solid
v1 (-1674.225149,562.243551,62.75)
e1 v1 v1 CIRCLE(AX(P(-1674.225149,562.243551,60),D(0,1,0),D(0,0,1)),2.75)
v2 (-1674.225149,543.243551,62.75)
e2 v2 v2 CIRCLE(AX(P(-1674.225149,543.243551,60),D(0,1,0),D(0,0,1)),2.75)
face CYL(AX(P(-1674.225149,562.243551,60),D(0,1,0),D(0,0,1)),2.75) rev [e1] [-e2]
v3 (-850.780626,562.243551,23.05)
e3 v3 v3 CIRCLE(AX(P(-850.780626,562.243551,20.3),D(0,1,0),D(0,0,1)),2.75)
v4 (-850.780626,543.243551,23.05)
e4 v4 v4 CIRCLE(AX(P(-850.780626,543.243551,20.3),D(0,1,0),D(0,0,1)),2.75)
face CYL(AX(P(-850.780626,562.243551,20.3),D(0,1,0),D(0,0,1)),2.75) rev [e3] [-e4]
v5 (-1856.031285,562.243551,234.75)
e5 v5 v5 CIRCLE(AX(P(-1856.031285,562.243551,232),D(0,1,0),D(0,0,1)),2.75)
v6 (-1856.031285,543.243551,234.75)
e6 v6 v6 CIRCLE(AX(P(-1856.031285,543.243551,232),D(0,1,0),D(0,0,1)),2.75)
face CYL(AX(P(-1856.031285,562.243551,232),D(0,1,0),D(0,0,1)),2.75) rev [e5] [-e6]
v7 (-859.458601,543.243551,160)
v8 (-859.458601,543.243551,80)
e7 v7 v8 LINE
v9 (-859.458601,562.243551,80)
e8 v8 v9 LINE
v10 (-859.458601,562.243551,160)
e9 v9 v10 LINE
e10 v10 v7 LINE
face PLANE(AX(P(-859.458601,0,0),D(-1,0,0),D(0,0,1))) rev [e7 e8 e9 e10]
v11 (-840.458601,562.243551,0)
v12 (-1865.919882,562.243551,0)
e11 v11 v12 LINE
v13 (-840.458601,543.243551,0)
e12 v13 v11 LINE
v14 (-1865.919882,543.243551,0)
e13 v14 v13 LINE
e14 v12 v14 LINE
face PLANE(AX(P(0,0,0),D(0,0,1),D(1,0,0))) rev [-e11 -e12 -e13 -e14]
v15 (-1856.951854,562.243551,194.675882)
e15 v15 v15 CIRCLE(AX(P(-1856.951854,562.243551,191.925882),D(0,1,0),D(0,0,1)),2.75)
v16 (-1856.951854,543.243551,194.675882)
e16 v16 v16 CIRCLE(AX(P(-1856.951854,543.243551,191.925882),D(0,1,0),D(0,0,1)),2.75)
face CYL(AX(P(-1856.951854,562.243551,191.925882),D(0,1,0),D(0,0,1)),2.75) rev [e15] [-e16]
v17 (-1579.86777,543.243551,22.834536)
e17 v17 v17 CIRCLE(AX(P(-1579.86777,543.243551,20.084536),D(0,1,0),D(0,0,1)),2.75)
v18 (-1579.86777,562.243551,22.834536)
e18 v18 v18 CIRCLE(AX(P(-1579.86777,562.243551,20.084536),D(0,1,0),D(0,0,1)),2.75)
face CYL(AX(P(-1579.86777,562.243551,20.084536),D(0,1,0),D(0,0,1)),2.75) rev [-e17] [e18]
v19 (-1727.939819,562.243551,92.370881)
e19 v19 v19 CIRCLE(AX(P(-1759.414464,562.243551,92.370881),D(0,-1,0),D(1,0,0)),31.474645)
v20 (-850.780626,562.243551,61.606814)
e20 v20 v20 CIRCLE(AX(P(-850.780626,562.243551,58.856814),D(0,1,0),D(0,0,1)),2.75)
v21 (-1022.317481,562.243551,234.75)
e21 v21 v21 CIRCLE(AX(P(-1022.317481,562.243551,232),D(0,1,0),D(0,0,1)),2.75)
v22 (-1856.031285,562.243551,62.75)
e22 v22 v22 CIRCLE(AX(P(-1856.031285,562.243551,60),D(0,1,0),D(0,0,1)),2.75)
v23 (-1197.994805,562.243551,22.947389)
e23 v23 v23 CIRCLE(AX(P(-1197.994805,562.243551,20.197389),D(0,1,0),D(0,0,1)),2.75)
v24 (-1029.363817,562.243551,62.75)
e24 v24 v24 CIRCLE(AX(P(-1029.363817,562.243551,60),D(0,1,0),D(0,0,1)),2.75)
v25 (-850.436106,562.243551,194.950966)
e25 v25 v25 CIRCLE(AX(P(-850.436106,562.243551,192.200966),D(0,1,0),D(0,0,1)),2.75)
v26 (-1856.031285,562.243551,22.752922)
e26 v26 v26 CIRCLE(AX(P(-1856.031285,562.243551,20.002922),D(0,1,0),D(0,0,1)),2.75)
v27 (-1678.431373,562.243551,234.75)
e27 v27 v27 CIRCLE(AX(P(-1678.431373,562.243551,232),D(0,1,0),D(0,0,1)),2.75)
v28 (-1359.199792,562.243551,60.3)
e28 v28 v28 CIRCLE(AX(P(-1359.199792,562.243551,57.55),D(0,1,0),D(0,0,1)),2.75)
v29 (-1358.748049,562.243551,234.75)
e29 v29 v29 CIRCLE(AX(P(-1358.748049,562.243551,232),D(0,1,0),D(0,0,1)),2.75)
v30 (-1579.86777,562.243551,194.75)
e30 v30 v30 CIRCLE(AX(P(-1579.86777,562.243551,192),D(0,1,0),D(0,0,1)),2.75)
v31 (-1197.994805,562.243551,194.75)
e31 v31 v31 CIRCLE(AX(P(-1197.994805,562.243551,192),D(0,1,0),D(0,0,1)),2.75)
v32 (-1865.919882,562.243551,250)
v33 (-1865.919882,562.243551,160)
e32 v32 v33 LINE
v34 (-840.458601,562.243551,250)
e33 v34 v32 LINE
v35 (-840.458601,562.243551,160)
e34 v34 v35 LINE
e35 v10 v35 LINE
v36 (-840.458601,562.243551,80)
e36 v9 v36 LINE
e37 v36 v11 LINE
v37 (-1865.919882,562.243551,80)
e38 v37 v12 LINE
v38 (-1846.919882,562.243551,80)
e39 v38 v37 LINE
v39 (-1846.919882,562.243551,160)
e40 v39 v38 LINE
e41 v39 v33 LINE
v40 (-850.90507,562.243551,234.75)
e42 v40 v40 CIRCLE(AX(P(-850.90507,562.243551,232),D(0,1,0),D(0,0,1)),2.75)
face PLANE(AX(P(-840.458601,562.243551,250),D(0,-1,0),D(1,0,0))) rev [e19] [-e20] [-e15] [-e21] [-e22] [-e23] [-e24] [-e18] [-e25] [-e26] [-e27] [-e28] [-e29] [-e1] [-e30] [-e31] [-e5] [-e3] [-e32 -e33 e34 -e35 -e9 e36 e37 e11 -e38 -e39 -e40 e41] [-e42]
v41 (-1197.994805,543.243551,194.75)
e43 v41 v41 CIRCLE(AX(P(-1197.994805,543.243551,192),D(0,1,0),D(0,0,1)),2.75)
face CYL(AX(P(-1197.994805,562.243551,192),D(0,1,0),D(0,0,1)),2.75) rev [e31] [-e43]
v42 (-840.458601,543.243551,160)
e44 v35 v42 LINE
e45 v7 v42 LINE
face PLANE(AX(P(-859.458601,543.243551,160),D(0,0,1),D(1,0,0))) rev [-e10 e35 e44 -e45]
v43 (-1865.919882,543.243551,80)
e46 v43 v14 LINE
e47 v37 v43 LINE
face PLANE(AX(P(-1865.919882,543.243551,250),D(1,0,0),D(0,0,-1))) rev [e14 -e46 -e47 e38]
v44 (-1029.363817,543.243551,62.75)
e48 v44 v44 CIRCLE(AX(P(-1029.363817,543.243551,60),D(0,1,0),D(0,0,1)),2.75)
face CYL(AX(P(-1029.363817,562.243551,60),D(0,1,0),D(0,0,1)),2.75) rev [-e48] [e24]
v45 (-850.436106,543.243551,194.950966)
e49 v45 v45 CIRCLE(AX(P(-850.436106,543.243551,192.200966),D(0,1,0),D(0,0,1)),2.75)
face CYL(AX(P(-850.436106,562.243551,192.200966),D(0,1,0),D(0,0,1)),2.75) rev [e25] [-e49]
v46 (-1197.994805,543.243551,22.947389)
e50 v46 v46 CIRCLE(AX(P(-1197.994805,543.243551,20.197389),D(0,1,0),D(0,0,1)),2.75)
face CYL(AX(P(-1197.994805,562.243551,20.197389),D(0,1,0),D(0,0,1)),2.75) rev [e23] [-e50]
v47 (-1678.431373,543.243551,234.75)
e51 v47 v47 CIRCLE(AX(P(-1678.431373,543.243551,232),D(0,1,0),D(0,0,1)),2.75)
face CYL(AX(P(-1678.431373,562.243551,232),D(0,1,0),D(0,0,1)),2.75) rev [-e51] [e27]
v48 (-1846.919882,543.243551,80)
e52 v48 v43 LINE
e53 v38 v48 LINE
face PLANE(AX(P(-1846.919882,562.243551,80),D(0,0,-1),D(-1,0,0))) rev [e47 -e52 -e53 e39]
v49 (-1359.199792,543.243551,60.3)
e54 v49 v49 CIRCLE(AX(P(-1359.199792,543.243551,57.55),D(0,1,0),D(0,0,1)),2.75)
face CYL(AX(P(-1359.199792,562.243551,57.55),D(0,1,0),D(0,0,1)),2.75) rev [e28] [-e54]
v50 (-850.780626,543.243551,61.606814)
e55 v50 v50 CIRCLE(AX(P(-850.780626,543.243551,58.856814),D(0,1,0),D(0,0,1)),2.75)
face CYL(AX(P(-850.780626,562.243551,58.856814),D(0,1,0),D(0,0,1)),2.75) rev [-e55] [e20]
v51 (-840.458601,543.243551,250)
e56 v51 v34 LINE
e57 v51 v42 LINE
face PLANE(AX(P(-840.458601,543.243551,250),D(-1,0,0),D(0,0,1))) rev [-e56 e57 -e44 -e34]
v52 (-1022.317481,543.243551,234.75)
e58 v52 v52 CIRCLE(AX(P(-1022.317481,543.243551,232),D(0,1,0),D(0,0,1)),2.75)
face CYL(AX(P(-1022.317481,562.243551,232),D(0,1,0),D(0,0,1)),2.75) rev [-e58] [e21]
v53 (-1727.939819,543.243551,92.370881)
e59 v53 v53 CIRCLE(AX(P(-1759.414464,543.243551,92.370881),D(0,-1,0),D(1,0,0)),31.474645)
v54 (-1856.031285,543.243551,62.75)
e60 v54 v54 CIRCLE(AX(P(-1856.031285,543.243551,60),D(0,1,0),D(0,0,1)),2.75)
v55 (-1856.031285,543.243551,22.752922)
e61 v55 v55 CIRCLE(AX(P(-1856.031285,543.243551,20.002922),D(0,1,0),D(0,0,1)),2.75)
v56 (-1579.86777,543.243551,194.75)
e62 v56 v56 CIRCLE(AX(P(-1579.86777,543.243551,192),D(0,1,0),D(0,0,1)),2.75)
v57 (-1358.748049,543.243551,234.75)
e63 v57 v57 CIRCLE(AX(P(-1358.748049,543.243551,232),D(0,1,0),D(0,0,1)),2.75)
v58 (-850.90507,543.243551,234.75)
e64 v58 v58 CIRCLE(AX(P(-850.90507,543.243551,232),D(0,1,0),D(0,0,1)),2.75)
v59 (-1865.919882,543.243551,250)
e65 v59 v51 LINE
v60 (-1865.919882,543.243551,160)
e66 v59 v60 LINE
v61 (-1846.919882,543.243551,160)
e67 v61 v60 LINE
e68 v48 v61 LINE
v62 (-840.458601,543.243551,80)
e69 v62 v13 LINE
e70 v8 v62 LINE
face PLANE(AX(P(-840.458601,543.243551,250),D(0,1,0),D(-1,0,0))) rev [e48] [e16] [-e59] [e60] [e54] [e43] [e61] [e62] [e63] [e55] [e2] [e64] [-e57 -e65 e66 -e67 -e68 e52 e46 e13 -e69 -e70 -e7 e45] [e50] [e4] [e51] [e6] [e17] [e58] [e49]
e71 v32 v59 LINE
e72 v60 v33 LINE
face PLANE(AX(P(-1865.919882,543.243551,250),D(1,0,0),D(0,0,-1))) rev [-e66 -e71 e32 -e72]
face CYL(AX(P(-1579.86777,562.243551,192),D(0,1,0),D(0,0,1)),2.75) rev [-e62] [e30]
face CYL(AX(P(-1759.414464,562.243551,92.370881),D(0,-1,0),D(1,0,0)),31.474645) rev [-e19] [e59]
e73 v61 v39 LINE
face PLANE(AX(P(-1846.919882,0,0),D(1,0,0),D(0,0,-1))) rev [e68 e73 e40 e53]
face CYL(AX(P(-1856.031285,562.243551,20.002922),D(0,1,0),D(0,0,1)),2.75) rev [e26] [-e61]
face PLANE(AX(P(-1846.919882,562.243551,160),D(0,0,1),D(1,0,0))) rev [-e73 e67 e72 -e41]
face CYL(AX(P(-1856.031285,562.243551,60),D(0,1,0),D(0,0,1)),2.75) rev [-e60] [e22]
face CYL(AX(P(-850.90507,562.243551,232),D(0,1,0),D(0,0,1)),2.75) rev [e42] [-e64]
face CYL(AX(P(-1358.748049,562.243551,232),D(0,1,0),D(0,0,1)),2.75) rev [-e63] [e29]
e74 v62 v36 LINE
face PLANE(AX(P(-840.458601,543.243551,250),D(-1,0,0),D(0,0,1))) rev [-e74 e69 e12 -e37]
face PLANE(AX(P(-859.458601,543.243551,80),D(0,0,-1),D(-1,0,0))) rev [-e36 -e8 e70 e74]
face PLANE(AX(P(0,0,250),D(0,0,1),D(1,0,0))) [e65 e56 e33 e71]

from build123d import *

# Parameters (mm, degrees)
SKETCH1_W                = 1025.461280364
SKETCH1_H                = 19
BOSS_EXTRUDE1_DEPTH      = 250
SKETCH2_R                = 31.474645295
CUT_EXTRUDE1_DEPTH       = 19
SKETCH3_W                = 80
SKETCH3_H                = 19
CUT_EXTRUDE2_DEPTH       = 19
SKETCH4_W                = 80
SKETCH4_H                = 19
CUT_EXTRUDE3_DEPTH       = 19
M5_CLEARANCE_HOLE2_D     = 5.5
M5_CLEARANCE_HOLE2_DEPTH = 19
M5_CLEARANCE_HOLE2_TIP   = 1.652366702


with BuildPart() as part:
    # Sketch1 → Boss-Extrude1 (new body)
    with BuildSketch(Plane.XY):
        with Locations((-1353.189241506, 552.74355083)):
            Rectangle(SKETCH1_W, SKETCH1_H)
    extrude(amount=BOSS_EXTRUDE1_DEPTH)

    # Sketch2 → Cut-Extrude1 (cut)
    with BuildSketch(Plane.XZ.offset(-543.24355083)):
        with Locations((-1759.414463941, 92.370881147)):
            Circle(SKETCH2_R)
    extrude(amount=-CUT_EXTRUDE1_DEPTH, mode=Mode.SUBTRACT)

    # Sketch3 → Cut-Extrude2 (cut)
    with BuildSketch(Plane(origin=(-840.458601324, 0, 0), x_dir=(0, 0, -1), z_dir=(1, 0, 0))):
        with Locations((-120, 552.74355083)):
            Rectangle(SKETCH3_W, SKETCH3_H)
    extrude(amount=-CUT_EXTRUDE2_DEPTH, mode=Mode.SUBTRACT)

    # Sketch4 → Cut-Extrude3 (cut)
    with BuildSketch(Plane.ZY.offset(1865.919881688)):
        with Locations((120, 552.74355083)):
            Rectangle(SKETCH4_W, SKETCH4_H)
    extrude(amount=-CUT_EXTRUDE3_DEPTH, mode=Mode.SUBTRACT)

    # M5 Clearance Hole2
    with Locations(Plane(origin=(-850.780626104, 562.24355083, 20.3), x_dir=(0, 0, 1), z_dir=(0, 1, 0))):
        with Locations((0, 0), (39.7, -178.583190579), (-0.102610802, -347.214178794), (37.25, -508.419165524), (-0.215464176, -729.087144166), (171.700000001, -729.087144166), (171.700000001, -347.214178794), (211.700000001, -171.536855259), (211.700000001, -0.124443922), (211.700000001, -507.967423392), (211.700000001, -827.650747254), (211.700000001, -1005.250659284), (-0.297077663, -1005.250659284), (39.7, -1005.250659284), (38.556814399, 0), (39.7, -823.444523141), (171.625882032, -1006.171227911), (171.900966052, 0.344520361)):
            Hole(M5_CLEARANCE_HOLE2_D / 2, depth=M5_CLEARANCE_HOLE2_DEPTH)
            with Locations((0, 0, -(M5_CLEARANCE_HOLE2_DEPTH + M5_CLEARANCE_HOLE2_TIP / 2))):  # 118° drill point
                Cone(0, M5_CLEARANCE_HOLE2_D / 2, M5_CLEARANCE_HOLE2_TIP, mode=Mode.SUBTRACT)


solid = part.part
